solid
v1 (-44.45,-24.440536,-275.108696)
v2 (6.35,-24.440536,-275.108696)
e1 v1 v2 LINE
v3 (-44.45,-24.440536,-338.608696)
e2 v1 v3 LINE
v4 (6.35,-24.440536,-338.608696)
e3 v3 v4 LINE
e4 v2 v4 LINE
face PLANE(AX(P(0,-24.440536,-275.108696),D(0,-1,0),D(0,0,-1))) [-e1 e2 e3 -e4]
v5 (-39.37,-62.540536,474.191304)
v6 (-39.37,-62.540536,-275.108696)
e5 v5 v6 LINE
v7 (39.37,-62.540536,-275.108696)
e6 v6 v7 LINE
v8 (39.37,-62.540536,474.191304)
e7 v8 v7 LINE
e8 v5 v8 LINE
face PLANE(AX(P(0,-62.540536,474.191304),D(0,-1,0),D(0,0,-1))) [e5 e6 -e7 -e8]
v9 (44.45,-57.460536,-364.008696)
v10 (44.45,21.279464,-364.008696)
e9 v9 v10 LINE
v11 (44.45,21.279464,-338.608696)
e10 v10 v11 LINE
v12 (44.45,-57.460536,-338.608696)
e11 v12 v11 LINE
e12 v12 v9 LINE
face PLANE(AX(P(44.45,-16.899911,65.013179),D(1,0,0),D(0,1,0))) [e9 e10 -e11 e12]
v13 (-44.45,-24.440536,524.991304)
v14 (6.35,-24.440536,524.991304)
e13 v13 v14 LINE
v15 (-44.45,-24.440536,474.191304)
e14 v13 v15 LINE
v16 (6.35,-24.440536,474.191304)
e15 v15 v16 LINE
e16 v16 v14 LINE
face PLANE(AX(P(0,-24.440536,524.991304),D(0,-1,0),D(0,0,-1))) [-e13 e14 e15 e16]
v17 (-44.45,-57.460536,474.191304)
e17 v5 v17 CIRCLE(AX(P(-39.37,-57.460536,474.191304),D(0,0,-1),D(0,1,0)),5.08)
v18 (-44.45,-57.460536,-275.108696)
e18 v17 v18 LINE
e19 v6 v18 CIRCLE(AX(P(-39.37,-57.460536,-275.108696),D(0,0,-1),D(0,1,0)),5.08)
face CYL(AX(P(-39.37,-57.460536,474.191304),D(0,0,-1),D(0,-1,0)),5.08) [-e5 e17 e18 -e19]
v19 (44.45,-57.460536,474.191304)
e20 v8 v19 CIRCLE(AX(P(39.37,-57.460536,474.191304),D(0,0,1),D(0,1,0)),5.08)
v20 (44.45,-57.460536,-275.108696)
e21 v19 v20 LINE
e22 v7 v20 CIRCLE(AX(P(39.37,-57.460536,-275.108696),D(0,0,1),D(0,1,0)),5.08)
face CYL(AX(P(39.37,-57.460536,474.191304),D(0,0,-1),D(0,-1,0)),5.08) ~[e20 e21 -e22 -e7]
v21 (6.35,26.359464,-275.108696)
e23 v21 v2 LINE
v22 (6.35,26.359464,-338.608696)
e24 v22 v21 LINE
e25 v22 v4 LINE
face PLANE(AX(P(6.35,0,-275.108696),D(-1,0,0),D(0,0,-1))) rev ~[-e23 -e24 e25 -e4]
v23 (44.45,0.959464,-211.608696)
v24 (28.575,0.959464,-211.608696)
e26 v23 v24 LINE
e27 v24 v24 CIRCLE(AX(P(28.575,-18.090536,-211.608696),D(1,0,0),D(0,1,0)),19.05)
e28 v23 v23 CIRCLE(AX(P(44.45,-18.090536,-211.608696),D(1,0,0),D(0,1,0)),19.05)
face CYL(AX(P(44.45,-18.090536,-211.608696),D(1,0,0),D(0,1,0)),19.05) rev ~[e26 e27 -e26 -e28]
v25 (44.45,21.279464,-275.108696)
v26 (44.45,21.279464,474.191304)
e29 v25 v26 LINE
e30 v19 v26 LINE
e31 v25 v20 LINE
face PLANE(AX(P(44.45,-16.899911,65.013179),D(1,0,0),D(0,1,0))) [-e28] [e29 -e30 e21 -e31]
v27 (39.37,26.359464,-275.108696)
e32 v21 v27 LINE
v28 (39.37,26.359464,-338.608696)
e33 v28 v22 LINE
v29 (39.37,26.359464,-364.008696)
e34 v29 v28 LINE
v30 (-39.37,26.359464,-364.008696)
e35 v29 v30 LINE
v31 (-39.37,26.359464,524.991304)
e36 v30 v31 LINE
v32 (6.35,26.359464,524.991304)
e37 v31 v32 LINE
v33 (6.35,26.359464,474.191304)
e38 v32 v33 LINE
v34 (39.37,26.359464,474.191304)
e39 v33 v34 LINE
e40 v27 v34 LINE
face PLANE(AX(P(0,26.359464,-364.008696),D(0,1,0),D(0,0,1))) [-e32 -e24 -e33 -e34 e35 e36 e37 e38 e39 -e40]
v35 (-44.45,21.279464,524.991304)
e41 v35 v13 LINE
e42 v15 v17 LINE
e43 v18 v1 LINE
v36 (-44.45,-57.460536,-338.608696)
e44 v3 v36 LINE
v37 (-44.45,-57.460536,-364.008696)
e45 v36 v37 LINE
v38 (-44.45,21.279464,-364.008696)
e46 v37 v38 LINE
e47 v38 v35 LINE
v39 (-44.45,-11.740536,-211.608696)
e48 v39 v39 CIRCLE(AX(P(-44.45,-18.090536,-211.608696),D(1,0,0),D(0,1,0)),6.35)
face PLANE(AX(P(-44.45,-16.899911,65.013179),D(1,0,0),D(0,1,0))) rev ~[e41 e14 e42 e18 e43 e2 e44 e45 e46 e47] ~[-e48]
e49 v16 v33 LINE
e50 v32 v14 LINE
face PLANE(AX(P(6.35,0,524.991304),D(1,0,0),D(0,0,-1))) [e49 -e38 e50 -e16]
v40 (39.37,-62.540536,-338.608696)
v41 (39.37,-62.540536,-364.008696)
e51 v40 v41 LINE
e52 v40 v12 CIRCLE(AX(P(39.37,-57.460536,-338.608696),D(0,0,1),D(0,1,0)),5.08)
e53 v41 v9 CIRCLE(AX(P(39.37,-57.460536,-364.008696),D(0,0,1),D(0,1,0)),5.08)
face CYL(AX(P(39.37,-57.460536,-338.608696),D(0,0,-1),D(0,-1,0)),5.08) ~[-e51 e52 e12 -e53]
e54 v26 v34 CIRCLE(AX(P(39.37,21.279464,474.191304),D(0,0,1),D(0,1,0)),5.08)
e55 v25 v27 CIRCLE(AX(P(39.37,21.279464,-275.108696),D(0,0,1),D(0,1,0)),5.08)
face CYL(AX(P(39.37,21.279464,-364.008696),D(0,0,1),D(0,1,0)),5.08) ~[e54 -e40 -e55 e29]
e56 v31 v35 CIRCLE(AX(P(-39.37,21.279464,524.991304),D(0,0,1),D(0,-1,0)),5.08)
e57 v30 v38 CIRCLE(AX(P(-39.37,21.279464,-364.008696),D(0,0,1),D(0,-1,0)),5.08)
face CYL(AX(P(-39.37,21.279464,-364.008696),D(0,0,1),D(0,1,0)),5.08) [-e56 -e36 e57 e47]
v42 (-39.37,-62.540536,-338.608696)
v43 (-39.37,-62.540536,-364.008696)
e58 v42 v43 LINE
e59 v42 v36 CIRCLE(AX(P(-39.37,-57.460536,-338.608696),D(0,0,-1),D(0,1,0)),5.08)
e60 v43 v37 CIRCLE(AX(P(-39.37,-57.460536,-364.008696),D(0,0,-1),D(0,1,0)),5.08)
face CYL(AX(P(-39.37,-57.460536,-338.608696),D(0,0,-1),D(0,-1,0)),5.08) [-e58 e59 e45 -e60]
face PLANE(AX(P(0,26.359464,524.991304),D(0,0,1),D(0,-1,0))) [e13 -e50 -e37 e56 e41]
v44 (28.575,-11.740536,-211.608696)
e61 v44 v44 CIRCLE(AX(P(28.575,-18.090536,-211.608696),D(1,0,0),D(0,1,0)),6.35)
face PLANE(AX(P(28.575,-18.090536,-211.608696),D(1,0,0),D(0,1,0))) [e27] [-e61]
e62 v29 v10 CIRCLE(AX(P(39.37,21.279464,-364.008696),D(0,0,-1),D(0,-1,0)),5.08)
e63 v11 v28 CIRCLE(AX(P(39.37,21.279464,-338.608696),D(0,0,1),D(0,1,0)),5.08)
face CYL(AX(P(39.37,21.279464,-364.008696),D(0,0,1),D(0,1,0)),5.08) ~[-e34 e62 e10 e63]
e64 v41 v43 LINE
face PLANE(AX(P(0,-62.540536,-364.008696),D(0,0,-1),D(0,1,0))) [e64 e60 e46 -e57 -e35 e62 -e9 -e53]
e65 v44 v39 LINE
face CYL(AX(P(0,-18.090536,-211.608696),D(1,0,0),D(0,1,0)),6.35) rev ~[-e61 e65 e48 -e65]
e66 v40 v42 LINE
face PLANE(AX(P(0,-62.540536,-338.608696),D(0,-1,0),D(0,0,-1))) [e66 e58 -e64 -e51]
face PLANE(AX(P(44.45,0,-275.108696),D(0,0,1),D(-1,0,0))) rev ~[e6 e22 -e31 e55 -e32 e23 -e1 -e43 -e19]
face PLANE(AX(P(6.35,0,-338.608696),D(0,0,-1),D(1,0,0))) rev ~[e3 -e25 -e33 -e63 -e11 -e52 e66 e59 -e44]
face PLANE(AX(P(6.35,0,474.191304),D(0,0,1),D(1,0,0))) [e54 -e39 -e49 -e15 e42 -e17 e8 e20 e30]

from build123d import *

# Parameters (mm, degrees)
F1_DEPTH      = 44.45
F2_R          = 5.08
F4_DEPTH      = 50.8
F5_R          = 6.35
F6_DEPTH      = 44.451
F6_DEPTH_BACK = 44.451
F7_R          = 19.05
F7_R_2        = 6.35
F8_DEPTH      = 15.875


with BuildPart() as f1:
    # F0 (on Right) → F1 (new body, symmetric)
    with BuildSketch(Plane.YZ):
        Polygon((26.359464475, -364.0086964671), (26.359464475, 524.9913035329), (-24.440535525, 524.9913035329), (-24.440535525, 474.1913035329), (-62.540535525, 474.1913035329), (-62.540535525, -275.1086964671), (-24.440535525, -275.1086964671), (-24.440535525, -338.6086964671), (-62.540535525, -338.6086964671), (-62.540535525, -364.0086964671), align=None)
    extrude(amount=F1_DEPTH, both=True)

    # F2
    f2_edges = [f1.edges().sort_by_distance(p)[0] for p in [
        (44.45, -62.540536, 99.541304),
        (44.45, -62.540536, -351.308696),
        (-44.45, -62.540536, -351.308696),
        (-44.45, -62.540536, 99.541304),
        (44.45, 26.359464, 80.491304),
        (-44.45, 26.359464, 80.491304),
    ]]
    fillet(f2_edges, radius=F2_R)

    # F3 (on Front) → F4 (cut, symmetric)
    with BuildSketch(Plane.XZ):
        Polygon((44.45, 474.1913035329), (44.45, 524.9913035329), (6.35, 524.9913035329), (6.35, 474.1913035329), (39.37, 474.1913035329), align=None)
        Polygon((44.45, -275.1086964671), (39.37, -275.1086964671), (6.35, -275.1086964671), (6.35, -338.6086964671), (39.37, -338.6086964671), (44.45, -338.6086964671), align=None)
    extrude(amount=F4_DEPTH, both=True, mode=Mode.SUBTRACT)

    # F5 (on Right) → F6 (cut, two sides)
    with BuildSketch(Plane.YZ) as f6_sk:
        with Locations((-18.090535525, -211.6086964671)):
            Circle(F5_R)
    extrude(amount=-F6_DEPTH, mode=Mode.SUBTRACT)
    extrude(f6_sk.sketch, amount=F6_DEPTH_BACK, mode=Mode.SUBTRACT)

    # F7 (on face) → F8 (cut)
    with BuildSketch(Plane.YZ.offset(44.45)):
        with Locations((-18.090535525, -211.6086964671)):
            Circle(F7_R)
        with Locations((-18.090535525, -211.6086964671)):
            Circle(F7_R_2, mode=Mode.SUBTRACT)
    extrude(amount=-F8_DEPTH, mode=Mode.SUBTRACT)


solid = f1.part
